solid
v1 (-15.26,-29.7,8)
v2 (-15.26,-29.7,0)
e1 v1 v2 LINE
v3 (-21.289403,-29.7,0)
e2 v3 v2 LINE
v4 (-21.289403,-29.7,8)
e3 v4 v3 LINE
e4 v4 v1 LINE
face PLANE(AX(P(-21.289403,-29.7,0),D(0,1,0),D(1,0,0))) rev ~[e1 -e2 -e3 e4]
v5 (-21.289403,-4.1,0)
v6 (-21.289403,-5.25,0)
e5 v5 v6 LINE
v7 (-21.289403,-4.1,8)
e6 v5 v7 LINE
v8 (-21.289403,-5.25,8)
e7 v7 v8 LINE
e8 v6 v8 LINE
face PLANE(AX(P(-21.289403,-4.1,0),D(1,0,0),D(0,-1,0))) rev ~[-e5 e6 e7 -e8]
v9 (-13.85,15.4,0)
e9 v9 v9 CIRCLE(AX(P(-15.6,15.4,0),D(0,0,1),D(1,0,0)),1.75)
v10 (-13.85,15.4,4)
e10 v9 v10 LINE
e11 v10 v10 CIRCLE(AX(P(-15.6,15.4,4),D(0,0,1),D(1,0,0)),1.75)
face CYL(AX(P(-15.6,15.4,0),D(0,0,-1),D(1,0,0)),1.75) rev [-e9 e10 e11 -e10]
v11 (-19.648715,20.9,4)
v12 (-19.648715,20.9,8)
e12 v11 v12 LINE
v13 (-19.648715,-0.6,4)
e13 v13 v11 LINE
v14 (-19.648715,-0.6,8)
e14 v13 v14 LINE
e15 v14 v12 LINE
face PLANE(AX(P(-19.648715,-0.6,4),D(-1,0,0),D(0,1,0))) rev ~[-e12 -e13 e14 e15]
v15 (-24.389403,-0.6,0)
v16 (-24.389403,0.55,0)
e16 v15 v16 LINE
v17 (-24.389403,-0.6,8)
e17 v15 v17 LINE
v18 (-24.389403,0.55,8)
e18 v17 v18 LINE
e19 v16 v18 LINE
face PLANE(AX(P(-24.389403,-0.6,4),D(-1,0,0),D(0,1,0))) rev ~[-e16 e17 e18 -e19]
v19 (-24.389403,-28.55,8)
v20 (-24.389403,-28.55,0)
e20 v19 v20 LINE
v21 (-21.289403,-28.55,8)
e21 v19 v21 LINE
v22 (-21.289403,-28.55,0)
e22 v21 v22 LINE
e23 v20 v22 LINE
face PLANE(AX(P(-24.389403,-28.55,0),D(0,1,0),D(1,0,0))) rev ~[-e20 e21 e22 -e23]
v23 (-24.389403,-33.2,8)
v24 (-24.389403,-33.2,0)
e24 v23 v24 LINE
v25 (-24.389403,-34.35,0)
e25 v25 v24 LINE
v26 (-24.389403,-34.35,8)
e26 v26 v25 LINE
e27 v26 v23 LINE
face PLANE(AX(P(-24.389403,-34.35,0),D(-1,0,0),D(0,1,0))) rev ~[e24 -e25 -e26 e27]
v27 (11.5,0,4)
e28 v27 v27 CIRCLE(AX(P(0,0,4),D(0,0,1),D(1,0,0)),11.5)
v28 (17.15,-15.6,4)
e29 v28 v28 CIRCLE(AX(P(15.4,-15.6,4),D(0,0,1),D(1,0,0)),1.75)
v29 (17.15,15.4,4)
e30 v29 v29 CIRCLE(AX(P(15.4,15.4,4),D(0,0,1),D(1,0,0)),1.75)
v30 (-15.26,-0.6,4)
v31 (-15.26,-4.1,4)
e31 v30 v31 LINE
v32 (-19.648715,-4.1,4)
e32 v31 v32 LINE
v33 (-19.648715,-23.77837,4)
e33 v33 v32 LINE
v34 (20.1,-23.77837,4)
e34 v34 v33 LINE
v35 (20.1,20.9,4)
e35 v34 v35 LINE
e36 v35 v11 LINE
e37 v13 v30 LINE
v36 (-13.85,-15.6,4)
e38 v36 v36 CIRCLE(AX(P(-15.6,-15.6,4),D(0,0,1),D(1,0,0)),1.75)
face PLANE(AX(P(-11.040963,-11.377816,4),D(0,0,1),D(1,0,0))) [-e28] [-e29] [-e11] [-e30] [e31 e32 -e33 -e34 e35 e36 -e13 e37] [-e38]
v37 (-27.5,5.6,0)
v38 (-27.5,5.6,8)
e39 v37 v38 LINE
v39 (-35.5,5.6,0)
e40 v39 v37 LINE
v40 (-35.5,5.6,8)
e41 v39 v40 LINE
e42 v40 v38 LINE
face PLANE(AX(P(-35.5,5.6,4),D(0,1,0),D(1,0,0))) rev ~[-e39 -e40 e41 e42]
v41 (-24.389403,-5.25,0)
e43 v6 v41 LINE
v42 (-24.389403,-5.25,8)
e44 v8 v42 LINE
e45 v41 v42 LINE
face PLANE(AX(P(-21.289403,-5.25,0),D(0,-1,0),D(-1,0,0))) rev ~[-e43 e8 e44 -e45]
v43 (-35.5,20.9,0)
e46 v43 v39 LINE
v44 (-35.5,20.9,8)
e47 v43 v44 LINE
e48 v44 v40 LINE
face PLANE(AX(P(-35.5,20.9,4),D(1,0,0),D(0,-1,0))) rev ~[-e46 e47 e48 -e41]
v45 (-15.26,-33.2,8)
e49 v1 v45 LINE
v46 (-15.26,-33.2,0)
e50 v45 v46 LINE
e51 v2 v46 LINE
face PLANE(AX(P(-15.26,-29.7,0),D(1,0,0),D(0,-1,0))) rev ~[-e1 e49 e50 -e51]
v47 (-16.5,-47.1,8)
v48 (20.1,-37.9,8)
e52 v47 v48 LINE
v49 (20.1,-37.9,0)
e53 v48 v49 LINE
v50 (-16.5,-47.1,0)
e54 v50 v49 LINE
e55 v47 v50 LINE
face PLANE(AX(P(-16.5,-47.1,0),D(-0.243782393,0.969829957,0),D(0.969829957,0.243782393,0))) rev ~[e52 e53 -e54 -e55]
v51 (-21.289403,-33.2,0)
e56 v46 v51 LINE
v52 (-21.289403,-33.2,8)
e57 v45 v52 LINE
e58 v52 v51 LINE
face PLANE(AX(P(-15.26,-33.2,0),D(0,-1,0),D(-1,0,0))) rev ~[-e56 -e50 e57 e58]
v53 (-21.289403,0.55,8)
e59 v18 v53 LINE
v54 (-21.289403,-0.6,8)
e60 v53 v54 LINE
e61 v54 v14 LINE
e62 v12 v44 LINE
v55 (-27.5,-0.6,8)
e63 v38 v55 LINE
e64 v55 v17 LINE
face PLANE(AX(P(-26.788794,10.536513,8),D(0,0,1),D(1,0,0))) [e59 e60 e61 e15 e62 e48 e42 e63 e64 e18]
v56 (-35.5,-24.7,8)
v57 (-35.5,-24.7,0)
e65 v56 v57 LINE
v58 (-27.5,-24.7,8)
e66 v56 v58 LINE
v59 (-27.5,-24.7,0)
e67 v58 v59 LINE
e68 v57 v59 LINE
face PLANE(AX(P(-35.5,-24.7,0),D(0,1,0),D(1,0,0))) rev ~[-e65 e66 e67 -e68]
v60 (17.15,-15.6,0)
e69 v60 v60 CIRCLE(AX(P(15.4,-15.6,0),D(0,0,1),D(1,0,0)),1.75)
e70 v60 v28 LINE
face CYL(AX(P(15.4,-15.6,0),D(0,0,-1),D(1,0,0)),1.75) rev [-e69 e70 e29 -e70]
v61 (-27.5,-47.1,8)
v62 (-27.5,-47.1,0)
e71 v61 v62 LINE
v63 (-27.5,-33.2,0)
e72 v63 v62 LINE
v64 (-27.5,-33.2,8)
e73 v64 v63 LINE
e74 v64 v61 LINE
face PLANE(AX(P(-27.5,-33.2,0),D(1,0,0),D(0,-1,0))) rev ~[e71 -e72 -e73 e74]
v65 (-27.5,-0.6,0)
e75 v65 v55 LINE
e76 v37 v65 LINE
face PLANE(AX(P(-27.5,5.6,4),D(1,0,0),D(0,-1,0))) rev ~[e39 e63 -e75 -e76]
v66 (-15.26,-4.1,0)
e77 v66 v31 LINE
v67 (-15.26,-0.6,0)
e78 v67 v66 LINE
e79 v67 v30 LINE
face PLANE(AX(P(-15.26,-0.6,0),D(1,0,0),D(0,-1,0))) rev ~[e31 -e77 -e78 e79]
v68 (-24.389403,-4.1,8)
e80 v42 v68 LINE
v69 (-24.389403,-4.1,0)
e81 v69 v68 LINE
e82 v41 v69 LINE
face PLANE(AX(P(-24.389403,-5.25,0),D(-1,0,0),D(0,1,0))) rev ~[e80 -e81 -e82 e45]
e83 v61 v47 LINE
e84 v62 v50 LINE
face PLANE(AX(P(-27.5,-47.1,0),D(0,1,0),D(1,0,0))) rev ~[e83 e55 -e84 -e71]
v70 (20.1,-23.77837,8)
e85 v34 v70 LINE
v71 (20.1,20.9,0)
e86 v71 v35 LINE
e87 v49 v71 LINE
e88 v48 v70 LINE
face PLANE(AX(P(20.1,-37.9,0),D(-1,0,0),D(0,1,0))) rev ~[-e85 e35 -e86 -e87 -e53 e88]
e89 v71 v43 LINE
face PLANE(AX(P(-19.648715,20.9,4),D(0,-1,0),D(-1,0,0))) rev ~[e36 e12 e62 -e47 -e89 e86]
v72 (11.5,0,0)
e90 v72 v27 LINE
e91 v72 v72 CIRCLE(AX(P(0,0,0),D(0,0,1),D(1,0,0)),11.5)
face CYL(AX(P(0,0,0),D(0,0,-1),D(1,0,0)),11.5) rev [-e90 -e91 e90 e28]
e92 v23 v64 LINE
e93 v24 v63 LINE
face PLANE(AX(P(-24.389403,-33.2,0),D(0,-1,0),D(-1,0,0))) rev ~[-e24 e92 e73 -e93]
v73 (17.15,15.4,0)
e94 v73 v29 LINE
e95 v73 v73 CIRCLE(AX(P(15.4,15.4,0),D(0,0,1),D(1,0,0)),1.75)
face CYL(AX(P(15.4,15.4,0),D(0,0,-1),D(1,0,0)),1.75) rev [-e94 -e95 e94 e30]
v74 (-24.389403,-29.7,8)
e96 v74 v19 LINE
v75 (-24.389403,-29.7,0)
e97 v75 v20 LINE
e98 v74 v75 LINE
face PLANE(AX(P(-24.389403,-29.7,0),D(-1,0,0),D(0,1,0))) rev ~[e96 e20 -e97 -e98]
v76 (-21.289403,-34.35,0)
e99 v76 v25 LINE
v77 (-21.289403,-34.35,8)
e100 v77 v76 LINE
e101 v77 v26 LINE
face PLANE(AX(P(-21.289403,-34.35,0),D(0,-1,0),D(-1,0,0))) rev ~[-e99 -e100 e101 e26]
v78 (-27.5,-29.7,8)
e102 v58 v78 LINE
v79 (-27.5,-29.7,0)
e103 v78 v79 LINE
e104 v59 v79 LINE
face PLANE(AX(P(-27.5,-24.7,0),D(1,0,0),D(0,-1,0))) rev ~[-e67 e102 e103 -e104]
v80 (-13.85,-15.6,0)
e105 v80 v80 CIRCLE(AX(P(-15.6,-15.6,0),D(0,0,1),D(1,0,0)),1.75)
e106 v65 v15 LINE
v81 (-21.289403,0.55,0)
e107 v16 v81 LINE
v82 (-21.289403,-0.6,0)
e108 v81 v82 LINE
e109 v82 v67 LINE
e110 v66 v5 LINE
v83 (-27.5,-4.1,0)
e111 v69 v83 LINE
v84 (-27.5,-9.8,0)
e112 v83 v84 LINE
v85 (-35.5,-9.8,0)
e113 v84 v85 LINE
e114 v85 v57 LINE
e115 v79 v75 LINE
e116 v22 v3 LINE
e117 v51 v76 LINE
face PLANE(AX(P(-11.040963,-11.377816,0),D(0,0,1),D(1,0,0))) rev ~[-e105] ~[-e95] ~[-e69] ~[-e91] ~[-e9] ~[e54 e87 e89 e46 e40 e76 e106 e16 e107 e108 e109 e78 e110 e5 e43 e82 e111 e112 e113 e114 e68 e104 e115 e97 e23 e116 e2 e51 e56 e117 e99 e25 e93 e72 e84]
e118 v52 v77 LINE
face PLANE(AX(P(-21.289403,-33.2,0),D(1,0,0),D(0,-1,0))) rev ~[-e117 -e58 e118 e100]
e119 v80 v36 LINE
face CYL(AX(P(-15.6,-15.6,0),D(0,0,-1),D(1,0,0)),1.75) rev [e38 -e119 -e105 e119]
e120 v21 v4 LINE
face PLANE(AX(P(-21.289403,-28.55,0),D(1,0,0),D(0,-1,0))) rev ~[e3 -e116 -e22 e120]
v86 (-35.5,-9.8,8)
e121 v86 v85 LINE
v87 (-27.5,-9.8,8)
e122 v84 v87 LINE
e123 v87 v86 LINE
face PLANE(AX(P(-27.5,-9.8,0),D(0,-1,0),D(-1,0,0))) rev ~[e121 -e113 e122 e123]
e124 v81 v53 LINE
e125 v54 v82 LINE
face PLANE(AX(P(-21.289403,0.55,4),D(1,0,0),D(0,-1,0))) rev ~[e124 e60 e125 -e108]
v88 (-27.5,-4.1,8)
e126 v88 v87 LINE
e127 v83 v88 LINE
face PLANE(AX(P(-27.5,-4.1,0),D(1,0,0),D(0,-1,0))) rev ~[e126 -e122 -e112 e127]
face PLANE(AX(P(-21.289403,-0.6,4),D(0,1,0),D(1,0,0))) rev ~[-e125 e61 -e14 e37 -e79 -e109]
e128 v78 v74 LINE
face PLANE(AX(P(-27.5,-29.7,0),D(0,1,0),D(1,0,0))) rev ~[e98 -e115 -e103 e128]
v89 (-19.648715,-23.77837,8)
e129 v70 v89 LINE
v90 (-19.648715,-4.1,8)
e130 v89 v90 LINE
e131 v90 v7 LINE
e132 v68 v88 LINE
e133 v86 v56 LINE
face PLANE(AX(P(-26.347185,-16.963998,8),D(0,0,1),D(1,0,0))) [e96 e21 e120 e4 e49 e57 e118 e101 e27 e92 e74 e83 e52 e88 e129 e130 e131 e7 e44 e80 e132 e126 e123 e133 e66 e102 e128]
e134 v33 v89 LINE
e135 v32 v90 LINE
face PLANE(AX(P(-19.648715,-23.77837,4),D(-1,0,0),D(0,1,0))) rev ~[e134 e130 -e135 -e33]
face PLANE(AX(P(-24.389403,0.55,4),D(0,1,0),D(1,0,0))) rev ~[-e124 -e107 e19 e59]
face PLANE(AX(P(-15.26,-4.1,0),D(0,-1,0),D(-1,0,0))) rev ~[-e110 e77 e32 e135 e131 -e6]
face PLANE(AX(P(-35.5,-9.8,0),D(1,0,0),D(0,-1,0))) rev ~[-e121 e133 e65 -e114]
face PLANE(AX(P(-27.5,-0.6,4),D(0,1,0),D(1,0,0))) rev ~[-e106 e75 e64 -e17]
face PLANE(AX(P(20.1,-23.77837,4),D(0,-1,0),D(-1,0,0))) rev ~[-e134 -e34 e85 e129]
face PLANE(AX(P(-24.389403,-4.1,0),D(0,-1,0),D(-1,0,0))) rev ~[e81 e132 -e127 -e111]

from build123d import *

# Parameters (mm, degrees)
F0_R     = 1.75
F0_R_2   = 11.5
F1_DEPTH = 4
F3_DEPTH = 4


with BuildPart() as f1:
    # F0 (on Top) → F1 (new body)
    with BuildSketch(Plane.XY):
        Polygon((20.1, -37.9), (20.1, 0), (20.1, 20.9), (-35.5, 20.9), (-35.5, 5.6), (-32.154713, 5.6), (-27.5, 5.6), (-27.5, -0.6), (-24.389403, -0.6), (-24.389403, 0.55), (-21.289403, 0.55), (-21.289403, -0.6), (-15.26, -0.6), (-15.26, -4.1), (-21.289403, -4.1), (-21.289403, -5.25), (-24.389403, -5.25), (-24.389403, -4.1), (-27.5, -4.1), (-27.5, -9.8), (-35.5, -9.8), (-35.5, -24.7), (-32.154713, -24.7), (-27.5, -24.7), (-27.5, -29.7), (-24.389403, -29.7), (-24.389403, -28.55), (-21.289403, -28.55), (-21.289403, -29.7), (-15.26, -29.7), (-15.26, -33.2), (-21.289403, -33.2), (-21.289403, -34.35), (-24.389403, -34.35), (-24.389403, -33.2), (-27.5, -33.2), (-27.5, -47.1), (-16.5, -47.1), align=None)
        with Locations((-15.6, -15.6)):
            Circle(F0_R, mode=Mode.SUBTRACT)
        with Locations((15.4, -15.6)):
            Circle(F0_R, mode=Mode.SUBTRACT)
        with Locations((-15.6, 15.4)):
            Circle(F0_R, mode=Mode.SUBTRACT)
        Circle(F0_R_2, mode=Mode.SUBTRACT)
        with Locations((15.4, 15.4)):
            Circle(F0_R, mode=Mode.SUBTRACT)
    extrude(amount=F1_DEPTH)

    # F2 (on face) → F3 (join)
    with BuildSketch(Plane.XY.offset(4)):
        Polygon((-19.648715, 15.332938), (-19.648715, 20.9), (-35.5, 20.9), (-35.5, 5.6), (-27.5, 5.6), (-27.5, -0.6), (-24.389403, -0.6), (-24.389403, 0.55), (-21.289403, 0.55), (-21.289403, -0.6), (-19.648715, -0.6), align=None)
        Polygon((-19.648715, -23.77837), (-19.648715, -4.1), (-21.289403, -4.1), (-21.289403, -5.25), (-24.389403, -5.25), (-24.389403, -4.1), (-27.5, -4.1), (-27.5, -9.8), (-35.5, -9.8), (-35.5, -24.7), (-27.5, -24.7), (-27.5, -29.7), (-24.389403, -29.7), (-24.389403, -28.55), (-21.289403, -28.55), (-21.289403, -29.7), (-19.648715, -29.7), align=None)
        Polygon((-19.648715, -47.1), (-19.648715, -33.2), (-21.289403, -33.2), (-21.289403, -34.35), (-24.389403, -34.35), (-24.389403, -33.2), (-27.5, -33.2), (-27.5, -47.1), align=None)
        Polygon((20.1, -37.9), (20.1, -23.77837), (-19.648715, -23.77837), (-19.648715, -29.7), (-15.26, -29.7), (-15.26, -33.2), (-19.648715, -33.2), (-19.648715, -47.1), (-16.5, -47.1), align=None)
    extrude(amount=F3_DEPTH)


solid = f1.part
